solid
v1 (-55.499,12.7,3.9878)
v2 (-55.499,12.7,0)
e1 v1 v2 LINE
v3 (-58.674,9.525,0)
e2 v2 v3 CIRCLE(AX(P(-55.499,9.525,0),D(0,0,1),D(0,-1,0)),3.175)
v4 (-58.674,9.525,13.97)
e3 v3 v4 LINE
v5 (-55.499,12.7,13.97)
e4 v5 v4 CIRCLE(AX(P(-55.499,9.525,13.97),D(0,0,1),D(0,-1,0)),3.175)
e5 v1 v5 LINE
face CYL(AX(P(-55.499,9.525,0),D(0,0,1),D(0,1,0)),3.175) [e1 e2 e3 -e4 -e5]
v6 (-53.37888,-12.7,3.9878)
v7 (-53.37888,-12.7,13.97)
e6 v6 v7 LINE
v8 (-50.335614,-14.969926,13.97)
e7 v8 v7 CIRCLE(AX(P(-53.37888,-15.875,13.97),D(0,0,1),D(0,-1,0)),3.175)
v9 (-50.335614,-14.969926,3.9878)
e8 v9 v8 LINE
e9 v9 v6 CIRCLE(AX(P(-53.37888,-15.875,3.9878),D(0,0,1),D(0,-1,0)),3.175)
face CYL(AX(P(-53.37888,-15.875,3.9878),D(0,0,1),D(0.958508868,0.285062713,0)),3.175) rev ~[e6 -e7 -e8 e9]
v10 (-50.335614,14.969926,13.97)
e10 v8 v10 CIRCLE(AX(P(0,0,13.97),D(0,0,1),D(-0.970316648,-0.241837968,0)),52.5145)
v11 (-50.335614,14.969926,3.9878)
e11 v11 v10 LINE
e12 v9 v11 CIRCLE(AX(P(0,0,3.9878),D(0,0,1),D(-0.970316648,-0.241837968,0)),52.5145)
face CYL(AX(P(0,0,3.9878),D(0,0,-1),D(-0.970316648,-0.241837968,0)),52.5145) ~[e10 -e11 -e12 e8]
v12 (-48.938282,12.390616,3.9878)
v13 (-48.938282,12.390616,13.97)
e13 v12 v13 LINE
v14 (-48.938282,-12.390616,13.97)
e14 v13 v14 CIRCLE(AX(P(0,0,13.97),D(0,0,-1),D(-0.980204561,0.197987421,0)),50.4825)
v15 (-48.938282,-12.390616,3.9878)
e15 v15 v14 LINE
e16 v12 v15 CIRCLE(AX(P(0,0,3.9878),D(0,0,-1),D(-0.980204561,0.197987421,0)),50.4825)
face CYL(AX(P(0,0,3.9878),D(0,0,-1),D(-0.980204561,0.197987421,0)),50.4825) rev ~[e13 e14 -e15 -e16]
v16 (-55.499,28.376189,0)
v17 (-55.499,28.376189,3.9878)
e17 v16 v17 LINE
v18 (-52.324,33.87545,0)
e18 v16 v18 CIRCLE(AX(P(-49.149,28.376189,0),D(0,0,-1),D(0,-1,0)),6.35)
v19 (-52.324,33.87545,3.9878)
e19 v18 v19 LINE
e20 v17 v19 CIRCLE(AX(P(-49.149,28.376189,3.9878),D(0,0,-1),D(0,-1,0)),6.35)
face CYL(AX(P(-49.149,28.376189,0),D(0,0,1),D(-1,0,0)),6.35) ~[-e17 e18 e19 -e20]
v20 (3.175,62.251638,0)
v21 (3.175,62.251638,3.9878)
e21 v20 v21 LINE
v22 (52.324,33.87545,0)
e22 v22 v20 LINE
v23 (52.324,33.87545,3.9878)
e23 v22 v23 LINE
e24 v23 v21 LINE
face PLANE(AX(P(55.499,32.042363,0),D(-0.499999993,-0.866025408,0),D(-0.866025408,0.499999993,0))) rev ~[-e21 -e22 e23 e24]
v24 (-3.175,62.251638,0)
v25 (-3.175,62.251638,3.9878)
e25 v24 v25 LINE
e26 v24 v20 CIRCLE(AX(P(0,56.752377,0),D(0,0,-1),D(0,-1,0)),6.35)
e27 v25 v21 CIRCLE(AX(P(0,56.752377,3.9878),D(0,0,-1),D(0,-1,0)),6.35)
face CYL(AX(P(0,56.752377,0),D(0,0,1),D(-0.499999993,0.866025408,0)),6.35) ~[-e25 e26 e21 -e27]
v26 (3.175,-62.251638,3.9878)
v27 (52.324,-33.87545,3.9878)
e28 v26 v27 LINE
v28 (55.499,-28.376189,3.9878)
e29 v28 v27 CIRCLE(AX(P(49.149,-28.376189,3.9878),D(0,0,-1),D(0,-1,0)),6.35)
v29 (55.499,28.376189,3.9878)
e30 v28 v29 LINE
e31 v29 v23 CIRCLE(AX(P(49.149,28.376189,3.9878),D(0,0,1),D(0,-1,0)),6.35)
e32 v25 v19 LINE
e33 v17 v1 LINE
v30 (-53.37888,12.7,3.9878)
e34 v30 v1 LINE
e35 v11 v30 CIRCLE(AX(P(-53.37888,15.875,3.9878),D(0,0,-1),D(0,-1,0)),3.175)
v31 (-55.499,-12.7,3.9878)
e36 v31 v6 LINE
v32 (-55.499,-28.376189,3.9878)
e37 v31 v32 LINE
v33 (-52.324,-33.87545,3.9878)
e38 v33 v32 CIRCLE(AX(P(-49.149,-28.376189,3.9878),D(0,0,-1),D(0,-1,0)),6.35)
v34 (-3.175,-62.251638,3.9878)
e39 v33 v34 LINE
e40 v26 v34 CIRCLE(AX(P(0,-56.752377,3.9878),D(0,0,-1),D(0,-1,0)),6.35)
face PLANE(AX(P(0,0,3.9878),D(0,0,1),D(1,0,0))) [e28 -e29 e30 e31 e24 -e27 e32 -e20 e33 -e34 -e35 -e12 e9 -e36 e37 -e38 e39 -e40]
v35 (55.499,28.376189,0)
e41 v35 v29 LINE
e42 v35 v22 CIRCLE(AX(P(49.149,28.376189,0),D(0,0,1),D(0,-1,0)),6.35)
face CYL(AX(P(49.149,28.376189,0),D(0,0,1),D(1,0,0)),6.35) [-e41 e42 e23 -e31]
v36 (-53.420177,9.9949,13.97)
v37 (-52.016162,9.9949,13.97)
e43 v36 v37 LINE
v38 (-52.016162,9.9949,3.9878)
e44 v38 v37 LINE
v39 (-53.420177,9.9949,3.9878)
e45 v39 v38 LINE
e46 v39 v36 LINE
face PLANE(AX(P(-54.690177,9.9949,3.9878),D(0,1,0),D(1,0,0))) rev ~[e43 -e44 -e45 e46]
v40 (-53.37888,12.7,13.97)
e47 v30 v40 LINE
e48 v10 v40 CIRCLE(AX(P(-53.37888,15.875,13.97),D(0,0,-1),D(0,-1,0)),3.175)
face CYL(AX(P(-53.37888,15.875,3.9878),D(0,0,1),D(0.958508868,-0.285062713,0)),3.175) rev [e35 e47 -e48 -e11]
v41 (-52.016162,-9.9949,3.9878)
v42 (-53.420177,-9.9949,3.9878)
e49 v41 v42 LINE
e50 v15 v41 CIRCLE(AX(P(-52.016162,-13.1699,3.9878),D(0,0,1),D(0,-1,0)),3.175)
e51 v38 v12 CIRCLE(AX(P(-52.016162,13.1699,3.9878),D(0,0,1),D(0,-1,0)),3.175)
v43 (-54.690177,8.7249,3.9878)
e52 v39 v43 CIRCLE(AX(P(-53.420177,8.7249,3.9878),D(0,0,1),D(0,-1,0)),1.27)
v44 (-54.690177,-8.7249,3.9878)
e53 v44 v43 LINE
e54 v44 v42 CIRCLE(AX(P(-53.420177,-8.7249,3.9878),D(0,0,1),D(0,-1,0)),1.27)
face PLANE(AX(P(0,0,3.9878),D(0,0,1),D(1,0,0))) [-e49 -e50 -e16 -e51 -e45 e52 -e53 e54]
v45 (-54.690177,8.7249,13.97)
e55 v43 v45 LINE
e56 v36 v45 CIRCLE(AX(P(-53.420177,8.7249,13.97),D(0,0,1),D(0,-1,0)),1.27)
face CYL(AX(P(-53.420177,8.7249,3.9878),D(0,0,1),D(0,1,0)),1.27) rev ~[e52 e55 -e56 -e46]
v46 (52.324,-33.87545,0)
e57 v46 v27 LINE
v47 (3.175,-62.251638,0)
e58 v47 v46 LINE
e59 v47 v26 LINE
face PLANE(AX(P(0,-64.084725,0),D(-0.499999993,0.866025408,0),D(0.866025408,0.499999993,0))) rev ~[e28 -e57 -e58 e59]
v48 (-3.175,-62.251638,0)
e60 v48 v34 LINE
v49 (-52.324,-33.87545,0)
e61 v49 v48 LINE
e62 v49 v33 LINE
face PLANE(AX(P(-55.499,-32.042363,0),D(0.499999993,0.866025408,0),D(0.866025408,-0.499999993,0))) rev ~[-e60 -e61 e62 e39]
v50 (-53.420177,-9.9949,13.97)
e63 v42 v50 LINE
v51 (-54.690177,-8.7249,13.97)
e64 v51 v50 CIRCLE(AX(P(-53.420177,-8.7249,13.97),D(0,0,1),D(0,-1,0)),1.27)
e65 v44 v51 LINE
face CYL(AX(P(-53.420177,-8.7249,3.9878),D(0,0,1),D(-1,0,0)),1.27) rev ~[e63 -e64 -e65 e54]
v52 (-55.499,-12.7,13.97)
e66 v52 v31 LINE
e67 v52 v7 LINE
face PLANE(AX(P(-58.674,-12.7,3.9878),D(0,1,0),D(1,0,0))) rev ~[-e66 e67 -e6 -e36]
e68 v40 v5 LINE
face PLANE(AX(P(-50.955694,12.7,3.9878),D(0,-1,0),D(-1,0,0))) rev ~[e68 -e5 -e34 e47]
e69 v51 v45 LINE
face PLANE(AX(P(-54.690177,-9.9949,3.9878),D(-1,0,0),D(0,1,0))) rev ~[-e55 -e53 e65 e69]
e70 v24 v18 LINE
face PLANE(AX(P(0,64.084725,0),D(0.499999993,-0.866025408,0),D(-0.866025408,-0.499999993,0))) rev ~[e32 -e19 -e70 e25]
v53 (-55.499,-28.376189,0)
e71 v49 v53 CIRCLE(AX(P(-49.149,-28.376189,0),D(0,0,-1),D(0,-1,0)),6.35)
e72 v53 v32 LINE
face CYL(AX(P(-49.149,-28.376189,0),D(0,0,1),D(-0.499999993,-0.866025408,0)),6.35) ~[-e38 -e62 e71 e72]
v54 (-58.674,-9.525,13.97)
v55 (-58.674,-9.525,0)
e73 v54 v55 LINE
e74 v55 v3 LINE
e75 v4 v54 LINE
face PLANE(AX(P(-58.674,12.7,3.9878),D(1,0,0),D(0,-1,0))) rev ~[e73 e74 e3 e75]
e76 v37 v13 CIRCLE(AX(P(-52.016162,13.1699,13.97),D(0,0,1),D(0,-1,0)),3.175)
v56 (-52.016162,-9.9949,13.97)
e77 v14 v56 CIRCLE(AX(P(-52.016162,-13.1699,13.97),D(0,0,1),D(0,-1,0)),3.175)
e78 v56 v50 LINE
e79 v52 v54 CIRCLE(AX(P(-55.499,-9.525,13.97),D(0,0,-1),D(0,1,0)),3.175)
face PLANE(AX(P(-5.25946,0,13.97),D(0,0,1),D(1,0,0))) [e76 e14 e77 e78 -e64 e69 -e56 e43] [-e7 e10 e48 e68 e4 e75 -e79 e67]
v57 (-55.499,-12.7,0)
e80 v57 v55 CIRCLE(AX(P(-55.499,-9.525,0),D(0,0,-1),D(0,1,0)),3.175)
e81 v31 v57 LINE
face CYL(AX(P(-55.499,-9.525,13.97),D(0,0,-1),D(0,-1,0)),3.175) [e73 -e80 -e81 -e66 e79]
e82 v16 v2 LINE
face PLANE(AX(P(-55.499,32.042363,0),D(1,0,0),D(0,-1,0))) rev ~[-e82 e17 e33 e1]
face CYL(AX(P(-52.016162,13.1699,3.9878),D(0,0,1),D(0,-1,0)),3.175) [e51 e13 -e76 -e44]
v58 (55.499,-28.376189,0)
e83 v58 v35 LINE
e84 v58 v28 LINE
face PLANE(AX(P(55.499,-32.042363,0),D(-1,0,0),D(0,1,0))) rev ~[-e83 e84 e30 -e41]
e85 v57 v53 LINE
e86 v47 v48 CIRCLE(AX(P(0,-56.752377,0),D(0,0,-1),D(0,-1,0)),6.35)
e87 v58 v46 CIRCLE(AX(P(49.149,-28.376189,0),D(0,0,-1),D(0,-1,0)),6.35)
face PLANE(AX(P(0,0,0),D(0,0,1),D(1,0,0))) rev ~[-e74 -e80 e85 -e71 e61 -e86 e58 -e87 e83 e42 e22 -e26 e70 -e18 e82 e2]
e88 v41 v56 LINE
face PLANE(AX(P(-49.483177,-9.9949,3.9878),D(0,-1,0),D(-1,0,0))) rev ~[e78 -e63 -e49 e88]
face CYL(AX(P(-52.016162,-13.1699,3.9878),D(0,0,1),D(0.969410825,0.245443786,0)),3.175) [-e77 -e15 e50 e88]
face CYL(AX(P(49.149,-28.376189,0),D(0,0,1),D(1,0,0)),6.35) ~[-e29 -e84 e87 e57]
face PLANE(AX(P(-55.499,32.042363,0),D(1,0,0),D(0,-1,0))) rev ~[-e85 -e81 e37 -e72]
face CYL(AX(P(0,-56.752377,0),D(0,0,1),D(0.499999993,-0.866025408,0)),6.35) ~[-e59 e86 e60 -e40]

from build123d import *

# Parameters (mm, degrees)
F1_DEPTH = 3.9878
F2_W     = 3.175
F2_H     = 25.4
F3_DEPTH = 3.9878
F5_DEPTH = 9.9822
F6_R     = 6.35
F7_R     = 1.27
F8_R     = 3.175


with BuildPart() as f1:
    # F0 (on Top) → F1 (new body)
    with BuildSketch(Plane.XY):
        Polygon((55.499, 32.042363), (0, 64.084725), (-55.499, 32.042363), (-55.499, -32.042363), (0, -64.084725), (55.499, -32.042363), align=None)
    extrude(amount=F1_DEPTH)

    # F2 (on face) → F3 (join, through all)
    with BuildSketch(Plane.XY.offset(3.9878)):
        with Locations((-57.0865, 0)):
            Rectangle(F2_W, F2_H)
    extrude(amount=-F3_DEPTH)

    # F4 (on face) → F5 (join)
    with BuildSketch(Plane.XY.offset(3.9878)):
        with BuildLine():
            Line((-55.499, -12.7), (-50.955694, -12.7))
            ThreePointArc((-50.955694, -12.7), (52.5145, 0), (-50.955694, 12.7))
            Line((-50.955694, 12.7), (-55.499, 12.7))
            Line((-55.499, 12.7), (-58.674, 12.7))
            Line((-58.674, 12.7), (-58.674, -12.7))
            Line((-58.674, -12.7), (-55.499, -12.7))
        make_face()
        with BuildLine():
            ThreePointArc((-49.483177, 9.9949), (50.4825, 0), (-49.483177, -9.9949))
            Line((-49.483177, -9.9949), (-54.690177, -9.9949))
            Line((-54.690177, -9.9949), (-54.690177, 9.9949))
            Line((-54.690177, 9.9949), (-49.483177, 9.9949))
        make_face(mode=Mode.SUBTRACT)
    extrude(amount=F5_DEPTH)

    # F6
    f6_edges = [f1.edges().sort_by_distance(p)[0] for p in [
        (-55.499, -32.042363, 1.9939),
        (0, -64.084725, 1.9939),
        (55.499, -32.042363, 1.9939),
        (55.499, 32.042363, 1.9939),
        (0, 64.084725, 1.9939),
        (-55.499, 32.042363, 1.9939),
    ]]
    fillet(f6_edges, radius=F6_R)

    # F7
    f7_edges = [f1.edges().sort_by_distance(p)[0] for p in [
        (-54.690177, -9.9949, 8.9789),
        (-54.690177, 9.9949, 8.9789),
    ]]
    fillet(f7_edges, radius=F7_R)

    # F8
    f8_edges = [f1.edges().sort_by_distance(p)[0] for p in [
        (-49.483177, -9.9949, 8.9789),
        (-49.483177, 9.9949, 8.9789),
        (-50.955694, 12.7, 8.9789),
        (-58.674, 12.7, 6.985),
        (-58.674, -12.7, 6.985),
        (-50.955694, -12.7, 8.9789),
    ]]
    fillet(f8_edges, radius=F8_R)


solid = f1.part
